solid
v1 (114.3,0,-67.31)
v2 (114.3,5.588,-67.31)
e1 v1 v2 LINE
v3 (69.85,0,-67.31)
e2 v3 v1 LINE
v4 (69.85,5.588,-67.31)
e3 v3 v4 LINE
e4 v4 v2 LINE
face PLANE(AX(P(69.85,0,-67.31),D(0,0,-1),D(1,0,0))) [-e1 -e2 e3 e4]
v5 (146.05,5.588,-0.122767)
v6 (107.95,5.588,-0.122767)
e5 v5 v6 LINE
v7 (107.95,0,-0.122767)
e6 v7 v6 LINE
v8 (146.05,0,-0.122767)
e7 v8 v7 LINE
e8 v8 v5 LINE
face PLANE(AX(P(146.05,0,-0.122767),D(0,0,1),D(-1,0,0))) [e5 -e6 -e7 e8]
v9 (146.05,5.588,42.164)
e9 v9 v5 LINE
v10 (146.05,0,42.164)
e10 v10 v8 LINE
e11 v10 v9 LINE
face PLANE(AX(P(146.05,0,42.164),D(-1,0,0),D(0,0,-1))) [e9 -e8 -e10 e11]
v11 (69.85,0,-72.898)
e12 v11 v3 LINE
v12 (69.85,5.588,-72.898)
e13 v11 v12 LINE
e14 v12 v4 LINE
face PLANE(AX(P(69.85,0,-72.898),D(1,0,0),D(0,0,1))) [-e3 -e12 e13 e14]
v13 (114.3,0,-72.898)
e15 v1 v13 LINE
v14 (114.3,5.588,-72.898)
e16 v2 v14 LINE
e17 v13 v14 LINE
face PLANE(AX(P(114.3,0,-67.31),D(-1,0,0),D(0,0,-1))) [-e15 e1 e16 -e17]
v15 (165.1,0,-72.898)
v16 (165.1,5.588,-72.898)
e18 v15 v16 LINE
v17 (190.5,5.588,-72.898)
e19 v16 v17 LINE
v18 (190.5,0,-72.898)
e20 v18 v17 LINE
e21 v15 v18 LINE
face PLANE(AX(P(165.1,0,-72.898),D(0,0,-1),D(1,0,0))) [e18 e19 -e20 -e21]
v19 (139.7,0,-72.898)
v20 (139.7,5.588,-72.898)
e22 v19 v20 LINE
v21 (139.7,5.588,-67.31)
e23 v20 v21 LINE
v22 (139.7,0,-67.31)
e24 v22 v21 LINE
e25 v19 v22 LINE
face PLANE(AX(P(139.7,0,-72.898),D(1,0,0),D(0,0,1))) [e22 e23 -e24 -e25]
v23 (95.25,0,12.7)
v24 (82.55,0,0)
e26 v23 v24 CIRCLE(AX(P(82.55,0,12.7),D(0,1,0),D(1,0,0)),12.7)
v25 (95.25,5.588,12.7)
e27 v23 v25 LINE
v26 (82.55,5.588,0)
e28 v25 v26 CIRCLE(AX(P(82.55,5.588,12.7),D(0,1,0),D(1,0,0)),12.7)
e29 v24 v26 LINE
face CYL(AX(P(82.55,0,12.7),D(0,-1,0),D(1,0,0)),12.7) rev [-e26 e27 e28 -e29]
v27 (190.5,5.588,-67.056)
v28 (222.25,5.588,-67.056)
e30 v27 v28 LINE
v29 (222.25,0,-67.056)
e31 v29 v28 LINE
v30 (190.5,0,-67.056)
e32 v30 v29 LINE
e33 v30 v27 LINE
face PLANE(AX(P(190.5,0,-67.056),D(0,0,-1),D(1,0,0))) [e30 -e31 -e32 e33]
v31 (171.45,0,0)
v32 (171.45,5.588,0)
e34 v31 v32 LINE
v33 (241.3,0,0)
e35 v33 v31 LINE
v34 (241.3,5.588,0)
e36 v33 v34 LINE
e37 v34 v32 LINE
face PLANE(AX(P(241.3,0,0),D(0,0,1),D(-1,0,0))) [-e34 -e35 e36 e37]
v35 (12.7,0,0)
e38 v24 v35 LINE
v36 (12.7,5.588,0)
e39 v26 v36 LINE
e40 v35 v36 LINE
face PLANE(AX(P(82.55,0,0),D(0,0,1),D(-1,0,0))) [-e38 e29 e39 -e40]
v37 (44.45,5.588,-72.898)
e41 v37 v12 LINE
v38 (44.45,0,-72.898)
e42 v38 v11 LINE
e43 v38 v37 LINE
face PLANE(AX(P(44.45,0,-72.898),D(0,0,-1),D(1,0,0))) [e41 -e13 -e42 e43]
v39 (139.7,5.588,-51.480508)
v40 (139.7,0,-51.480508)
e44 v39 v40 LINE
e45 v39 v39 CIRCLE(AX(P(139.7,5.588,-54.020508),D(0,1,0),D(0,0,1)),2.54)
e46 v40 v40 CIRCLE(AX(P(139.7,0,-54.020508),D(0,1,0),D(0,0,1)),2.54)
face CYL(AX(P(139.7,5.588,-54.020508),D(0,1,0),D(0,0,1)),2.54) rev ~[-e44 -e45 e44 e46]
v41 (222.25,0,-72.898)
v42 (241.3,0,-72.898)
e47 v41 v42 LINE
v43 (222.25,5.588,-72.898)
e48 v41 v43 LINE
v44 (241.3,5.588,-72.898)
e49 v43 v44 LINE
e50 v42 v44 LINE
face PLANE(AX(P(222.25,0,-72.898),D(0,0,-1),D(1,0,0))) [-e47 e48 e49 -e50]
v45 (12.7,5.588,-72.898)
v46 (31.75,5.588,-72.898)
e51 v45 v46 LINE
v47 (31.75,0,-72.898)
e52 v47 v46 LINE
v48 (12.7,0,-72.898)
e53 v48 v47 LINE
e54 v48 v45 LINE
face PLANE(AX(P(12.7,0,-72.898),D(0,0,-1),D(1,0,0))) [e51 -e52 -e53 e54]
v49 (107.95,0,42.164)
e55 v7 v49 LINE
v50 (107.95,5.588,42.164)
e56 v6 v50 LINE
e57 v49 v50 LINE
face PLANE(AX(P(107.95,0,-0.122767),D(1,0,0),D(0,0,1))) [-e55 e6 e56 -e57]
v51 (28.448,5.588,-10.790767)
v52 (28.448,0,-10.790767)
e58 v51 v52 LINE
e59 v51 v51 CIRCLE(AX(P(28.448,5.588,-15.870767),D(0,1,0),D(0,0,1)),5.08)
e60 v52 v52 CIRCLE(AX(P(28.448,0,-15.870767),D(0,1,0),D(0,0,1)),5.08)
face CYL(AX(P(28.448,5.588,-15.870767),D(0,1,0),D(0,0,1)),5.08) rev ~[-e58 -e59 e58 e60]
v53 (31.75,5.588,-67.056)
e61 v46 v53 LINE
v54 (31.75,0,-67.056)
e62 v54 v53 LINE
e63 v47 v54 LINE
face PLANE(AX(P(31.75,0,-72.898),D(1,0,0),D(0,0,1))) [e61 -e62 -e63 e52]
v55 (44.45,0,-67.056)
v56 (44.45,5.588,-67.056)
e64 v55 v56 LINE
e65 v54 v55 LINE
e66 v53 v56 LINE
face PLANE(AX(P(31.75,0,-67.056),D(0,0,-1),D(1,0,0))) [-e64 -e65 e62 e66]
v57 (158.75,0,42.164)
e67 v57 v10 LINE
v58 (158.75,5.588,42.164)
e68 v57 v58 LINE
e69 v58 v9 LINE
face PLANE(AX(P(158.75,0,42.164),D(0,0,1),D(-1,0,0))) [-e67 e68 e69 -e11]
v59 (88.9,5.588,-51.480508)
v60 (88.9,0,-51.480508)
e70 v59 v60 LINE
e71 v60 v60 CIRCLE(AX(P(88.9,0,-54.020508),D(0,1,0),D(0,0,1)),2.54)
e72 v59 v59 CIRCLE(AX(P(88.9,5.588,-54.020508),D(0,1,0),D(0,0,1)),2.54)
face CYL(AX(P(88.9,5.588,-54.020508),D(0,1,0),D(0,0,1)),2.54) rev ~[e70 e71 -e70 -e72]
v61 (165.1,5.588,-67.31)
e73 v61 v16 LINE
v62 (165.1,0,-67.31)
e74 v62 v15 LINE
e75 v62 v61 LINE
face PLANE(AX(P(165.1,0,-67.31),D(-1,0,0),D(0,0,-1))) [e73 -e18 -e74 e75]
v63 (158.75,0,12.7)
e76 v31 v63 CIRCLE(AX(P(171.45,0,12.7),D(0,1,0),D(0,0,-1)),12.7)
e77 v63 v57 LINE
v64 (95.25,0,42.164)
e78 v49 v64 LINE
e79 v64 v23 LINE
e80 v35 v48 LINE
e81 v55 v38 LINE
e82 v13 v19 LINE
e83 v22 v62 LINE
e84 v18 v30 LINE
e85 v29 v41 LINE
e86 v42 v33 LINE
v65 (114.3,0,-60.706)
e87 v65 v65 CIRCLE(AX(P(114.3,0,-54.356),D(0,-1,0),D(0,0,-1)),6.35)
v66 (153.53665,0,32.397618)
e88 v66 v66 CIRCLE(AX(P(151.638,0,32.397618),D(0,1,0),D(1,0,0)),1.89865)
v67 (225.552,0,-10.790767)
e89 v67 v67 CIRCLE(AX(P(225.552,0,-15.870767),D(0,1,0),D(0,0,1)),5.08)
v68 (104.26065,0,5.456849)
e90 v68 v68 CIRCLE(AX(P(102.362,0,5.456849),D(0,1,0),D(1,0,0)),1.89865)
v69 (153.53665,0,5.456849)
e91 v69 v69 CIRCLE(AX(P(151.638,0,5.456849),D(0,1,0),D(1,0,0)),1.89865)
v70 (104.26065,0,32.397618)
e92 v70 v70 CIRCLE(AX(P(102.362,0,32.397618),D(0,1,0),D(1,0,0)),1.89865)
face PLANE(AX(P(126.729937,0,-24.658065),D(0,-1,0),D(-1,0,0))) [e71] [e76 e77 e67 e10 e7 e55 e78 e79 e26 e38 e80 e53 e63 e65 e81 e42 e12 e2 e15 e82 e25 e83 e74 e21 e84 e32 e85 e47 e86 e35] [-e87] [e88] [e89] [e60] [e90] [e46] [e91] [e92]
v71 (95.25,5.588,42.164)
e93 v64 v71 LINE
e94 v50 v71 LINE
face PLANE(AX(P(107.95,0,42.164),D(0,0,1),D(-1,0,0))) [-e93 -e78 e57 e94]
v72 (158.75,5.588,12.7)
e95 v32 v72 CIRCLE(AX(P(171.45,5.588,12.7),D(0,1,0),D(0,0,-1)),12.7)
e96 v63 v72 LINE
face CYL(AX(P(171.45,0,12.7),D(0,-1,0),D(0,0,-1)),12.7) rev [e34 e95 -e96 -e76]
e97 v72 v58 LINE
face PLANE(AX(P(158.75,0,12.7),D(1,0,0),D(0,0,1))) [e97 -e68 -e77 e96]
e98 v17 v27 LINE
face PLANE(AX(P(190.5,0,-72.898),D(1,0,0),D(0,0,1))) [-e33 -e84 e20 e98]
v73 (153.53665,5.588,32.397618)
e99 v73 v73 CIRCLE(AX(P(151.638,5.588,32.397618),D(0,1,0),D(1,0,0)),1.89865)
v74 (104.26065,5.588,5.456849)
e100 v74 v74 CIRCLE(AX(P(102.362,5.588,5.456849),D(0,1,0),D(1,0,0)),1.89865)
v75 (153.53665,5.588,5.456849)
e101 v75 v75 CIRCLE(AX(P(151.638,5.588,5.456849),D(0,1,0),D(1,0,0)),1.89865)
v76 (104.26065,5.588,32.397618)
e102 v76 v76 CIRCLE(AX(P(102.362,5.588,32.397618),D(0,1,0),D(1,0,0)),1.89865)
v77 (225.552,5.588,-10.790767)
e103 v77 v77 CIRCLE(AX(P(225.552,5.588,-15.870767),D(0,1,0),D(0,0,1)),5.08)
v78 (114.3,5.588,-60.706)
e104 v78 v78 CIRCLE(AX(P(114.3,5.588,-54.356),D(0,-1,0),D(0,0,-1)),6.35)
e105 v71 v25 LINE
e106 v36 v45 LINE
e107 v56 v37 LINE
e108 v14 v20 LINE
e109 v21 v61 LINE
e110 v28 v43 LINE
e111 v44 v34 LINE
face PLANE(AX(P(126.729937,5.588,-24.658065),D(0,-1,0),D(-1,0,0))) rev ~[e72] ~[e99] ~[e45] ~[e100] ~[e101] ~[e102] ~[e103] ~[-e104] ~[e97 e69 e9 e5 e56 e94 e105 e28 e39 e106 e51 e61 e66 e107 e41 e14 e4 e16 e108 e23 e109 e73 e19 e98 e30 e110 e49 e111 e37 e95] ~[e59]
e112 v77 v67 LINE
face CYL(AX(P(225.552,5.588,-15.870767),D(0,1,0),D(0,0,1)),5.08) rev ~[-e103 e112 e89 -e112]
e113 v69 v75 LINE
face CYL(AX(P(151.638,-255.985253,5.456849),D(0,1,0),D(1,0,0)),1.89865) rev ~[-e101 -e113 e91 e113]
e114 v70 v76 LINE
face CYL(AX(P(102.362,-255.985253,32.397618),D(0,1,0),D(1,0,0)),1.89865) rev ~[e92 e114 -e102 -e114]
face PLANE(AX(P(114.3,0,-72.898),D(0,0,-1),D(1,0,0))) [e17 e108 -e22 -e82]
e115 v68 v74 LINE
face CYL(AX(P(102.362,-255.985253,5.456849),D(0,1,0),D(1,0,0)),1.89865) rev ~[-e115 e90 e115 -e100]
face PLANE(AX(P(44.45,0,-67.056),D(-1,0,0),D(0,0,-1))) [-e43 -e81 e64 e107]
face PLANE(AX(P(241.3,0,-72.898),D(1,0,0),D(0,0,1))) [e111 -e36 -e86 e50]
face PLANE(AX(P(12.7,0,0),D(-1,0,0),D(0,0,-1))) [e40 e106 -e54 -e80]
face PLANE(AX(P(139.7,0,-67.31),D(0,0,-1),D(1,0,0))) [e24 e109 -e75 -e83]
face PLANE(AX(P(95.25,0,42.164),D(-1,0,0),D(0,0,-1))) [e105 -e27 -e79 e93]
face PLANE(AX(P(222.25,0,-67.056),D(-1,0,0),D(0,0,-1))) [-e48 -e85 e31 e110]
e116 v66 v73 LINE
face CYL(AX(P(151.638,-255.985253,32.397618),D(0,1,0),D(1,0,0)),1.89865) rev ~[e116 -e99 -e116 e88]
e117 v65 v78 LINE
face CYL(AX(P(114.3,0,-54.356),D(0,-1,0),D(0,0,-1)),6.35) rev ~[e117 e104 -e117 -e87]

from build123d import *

# Parameters (mm, degrees)
BOSS_EXTRUDE1_DEPTH   = 5.588
F_6_CLEARANCE_HOLE1_D = 3.7973
CUT_EXTRUDE1_REACH    = 254.133
SKETCH5_R             = 5.08
CUT_EXTRUDE2_REACH    = 254.133
SKETCH6_R             = 6.35
CUT_EXTRUDE3_REACH    = 254.133
SKETCH7_R             = 2.54


with BuildPart() as part:
    # Sketch1 → Boss-Extrude1 (new body)
    with BuildSketch(Plane(origin=(0, 0, 0), x_dir=(1, 0, 0), z_dir=(0, 1, 0))):
        with BuildLine():
            Line((12.7, 72.898), (31.75, 72.898))
            Line((31.75, 72.898), (31.75, 67.056))
            Line((31.75, 67.056), (44.45, 67.056))
            Line((44.45, 67.056), (44.45, 72.898))
            Line((44.45, 72.898), (69.85, 72.898))
            Line((69.85, 72.898), (69.85, 67.31))
            Line((69.85, 67.31), (114.3, 67.31))
            Line((114.3, 67.31), (114.3, 72.898))
            Line((114.3, 72.898), (139.7, 72.898))
            Line((139.7, 72.898), (139.7, 67.31))
            Line((139.7, 67.31), (165.1, 67.31))
            Line((165.1, 67.31), (165.1, 72.898))
            Line((165.1, 72.898), (190.5, 72.898))
            Line((190.5, 72.898), (190.5, 67.056))
            Line((190.5, 67.056), (222.25, 67.056))
            Line((222.25, 67.056), (222.25, 72.898))
            Line((222.25, 72.898), (241.3, 72.898))
            Line((241.3, 72.898), (241.3, 0))
            Line((241.3, 0), (171.45, 0))
            ThreePointArc((171.45, 0), (162.469743879, -3.719743879), (158.75, -12.7))
            Line((158.75, -12.7), (158.75, -42.164))
            Line((158.75, -42.164), (146.05, -42.164))
            Line((146.05, -42.164), (146.05, 0.122766638))
            Line((146.05, 0.122766638), (127, 0.122766638))
            Line((127, 0.122766638), (107.95, 0.122766638))
            Line((107.95, 0.122766638), (107.95, -42.164))
            Line((107.95, -42.164), (95.25, -42.164))
            Line((95.25, -42.164), (95.25, -12.7))
            ThreePointArc((95.25, -12.7), (91.530256121, -3.719743879), (82.55, 0))
            Line((82.55, 0), (12.7, 0))
            Line((12.7, 0), (12.7, 72.898))
        make_face()
    extrude(amount=BOSS_EXTRUDE1_DEPTH)

    # #6 Clearance Hole1 (through all)
    with Locations(Plane(origin=(0, 0, 0), x_dir=(-1, 0, 0), z_dir=(0, -1, 0))):
        with Locations((-102.362, -32.397617544), (-151.638, -32.397617544), (-151.638, -5.456849181), (-102.362, -5.456849181)):
            Hole(F_6_CLEARANCE_HOLE1_D / 2)

    # Sketch5 → Cut-Extrude1 (cut, up to next)
    with BuildSketch(Plane(origin=(0, 5.588, 0), x_dir=(1, 0, 0), z_dir=(0, 1, 0)), mode=Mode.PRIVATE) as cut_extrude1_sk1:
        with Locations(Location((225.552, 15.870766638, 0), (0, 0, 270))):
            Circle(SKETCH5_R)
    cut_extrude1_tool1 = extrude(cut_extrude1_sk1.sketch, amount=-CUT_EXTRUDE1_REACH, mode=Mode.PRIVATE) & part.part
    # Sketch5 → Cut-Extrude1 (cut, up to next)
    with BuildSketch(Plane(origin=(0, 5.588, 0), x_dir=(1, 0, 0), z_dir=(0, 1, 0)), mode=Mode.PRIVATE) as cut_extrude1_sk2:
        with Locations(Location((28.448, 15.870766638, 0), (0, 0, 270))):
            Circle(SKETCH5_R)
    cut_extrude1_tool2 = extrude(cut_extrude1_sk2.sketch, amount=-CUT_EXTRUDE1_REACH, mode=Mode.PRIVATE) & part.part
    add(cut_extrude1_tool1.solids().sort_by_distance((225.552, 5.588, -15.870767))[0], mode=Mode.SUBTRACT)
    add(cut_extrude1_tool2.solids().sort_by_distance((28.448, 5.588, -15.870767))[0], mode=Mode.SUBTRACT)

    # Sketch6 → Cut-Extrude2 (cut, up to next)
    with BuildSketch(Plane.XZ, mode=Mode.PRIVATE) as cut_extrude2_sk1:
        with Locations(Location((114.3, -54.356, 0), (0, 0, 270))):
            Circle(SKETCH6_R)
    cut_extrude2_tool1 = extrude(cut_extrude2_sk1.sketch, amount=-CUT_EXTRUDE2_REACH, mode=Mode.PRIVATE) & part.part
    add(cut_extrude2_tool1.solids().sort_by_distance((114.3, 0, -54.356))[0], mode=Mode.SUBTRACT)

    # Sketch7 → Cut-Extrude3 (cut, up to next)
    with BuildSketch(Plane(origin=(0, 5.588, 0), x_dir=(1, 0, 0), z_dir=(0, 1, 0)), mode=Mode.PRIVATE) as cut_extrude3_sk1:
        with Locations(Location((139.7, 54.020508314, 0), (0, 0, 270))):
            Circle(SKETCH7_R)
    cut_extrude3_tool1 = extrude(cut_extrude3_sk1.sketch, amount=-CUT_EXTRUDE3_REACH, mode=Mode.PRIVATE) & part.part
    # Sketch7 → Cut-Extrude3 (cut, up to next)
    with BuildSketch(Plane(origin=(0, 5.588, 0), x_dir=(1, 0, 0), z_dir=(0, 1, 0)), mode=Mode.PRIVATE) as cut_extrude3_sk2:
        with Locations(Location((88.9, 54.020508314, 0), (0, 0, 270))):
            Circle(SKETCH7_R)
    cut_extrude3_tool2 = extrude(cut_extrude3_sk2.sketch, amount=-CUT_EXTRUDE3_REACH, mode=Mode.PRIVATE) & part.part
    add(cut_extrude3_tool1.solids().sort_by_distance((139.7, 5.588, -54.020508))[0], mode=Mode.SUBTRACT)
    add(cut_extrude3_tool2.solids().sort_by_distance((88.9, 5.588, -54.020508))[0], mode=Mode.SUBTRACT)


solid = part.part
